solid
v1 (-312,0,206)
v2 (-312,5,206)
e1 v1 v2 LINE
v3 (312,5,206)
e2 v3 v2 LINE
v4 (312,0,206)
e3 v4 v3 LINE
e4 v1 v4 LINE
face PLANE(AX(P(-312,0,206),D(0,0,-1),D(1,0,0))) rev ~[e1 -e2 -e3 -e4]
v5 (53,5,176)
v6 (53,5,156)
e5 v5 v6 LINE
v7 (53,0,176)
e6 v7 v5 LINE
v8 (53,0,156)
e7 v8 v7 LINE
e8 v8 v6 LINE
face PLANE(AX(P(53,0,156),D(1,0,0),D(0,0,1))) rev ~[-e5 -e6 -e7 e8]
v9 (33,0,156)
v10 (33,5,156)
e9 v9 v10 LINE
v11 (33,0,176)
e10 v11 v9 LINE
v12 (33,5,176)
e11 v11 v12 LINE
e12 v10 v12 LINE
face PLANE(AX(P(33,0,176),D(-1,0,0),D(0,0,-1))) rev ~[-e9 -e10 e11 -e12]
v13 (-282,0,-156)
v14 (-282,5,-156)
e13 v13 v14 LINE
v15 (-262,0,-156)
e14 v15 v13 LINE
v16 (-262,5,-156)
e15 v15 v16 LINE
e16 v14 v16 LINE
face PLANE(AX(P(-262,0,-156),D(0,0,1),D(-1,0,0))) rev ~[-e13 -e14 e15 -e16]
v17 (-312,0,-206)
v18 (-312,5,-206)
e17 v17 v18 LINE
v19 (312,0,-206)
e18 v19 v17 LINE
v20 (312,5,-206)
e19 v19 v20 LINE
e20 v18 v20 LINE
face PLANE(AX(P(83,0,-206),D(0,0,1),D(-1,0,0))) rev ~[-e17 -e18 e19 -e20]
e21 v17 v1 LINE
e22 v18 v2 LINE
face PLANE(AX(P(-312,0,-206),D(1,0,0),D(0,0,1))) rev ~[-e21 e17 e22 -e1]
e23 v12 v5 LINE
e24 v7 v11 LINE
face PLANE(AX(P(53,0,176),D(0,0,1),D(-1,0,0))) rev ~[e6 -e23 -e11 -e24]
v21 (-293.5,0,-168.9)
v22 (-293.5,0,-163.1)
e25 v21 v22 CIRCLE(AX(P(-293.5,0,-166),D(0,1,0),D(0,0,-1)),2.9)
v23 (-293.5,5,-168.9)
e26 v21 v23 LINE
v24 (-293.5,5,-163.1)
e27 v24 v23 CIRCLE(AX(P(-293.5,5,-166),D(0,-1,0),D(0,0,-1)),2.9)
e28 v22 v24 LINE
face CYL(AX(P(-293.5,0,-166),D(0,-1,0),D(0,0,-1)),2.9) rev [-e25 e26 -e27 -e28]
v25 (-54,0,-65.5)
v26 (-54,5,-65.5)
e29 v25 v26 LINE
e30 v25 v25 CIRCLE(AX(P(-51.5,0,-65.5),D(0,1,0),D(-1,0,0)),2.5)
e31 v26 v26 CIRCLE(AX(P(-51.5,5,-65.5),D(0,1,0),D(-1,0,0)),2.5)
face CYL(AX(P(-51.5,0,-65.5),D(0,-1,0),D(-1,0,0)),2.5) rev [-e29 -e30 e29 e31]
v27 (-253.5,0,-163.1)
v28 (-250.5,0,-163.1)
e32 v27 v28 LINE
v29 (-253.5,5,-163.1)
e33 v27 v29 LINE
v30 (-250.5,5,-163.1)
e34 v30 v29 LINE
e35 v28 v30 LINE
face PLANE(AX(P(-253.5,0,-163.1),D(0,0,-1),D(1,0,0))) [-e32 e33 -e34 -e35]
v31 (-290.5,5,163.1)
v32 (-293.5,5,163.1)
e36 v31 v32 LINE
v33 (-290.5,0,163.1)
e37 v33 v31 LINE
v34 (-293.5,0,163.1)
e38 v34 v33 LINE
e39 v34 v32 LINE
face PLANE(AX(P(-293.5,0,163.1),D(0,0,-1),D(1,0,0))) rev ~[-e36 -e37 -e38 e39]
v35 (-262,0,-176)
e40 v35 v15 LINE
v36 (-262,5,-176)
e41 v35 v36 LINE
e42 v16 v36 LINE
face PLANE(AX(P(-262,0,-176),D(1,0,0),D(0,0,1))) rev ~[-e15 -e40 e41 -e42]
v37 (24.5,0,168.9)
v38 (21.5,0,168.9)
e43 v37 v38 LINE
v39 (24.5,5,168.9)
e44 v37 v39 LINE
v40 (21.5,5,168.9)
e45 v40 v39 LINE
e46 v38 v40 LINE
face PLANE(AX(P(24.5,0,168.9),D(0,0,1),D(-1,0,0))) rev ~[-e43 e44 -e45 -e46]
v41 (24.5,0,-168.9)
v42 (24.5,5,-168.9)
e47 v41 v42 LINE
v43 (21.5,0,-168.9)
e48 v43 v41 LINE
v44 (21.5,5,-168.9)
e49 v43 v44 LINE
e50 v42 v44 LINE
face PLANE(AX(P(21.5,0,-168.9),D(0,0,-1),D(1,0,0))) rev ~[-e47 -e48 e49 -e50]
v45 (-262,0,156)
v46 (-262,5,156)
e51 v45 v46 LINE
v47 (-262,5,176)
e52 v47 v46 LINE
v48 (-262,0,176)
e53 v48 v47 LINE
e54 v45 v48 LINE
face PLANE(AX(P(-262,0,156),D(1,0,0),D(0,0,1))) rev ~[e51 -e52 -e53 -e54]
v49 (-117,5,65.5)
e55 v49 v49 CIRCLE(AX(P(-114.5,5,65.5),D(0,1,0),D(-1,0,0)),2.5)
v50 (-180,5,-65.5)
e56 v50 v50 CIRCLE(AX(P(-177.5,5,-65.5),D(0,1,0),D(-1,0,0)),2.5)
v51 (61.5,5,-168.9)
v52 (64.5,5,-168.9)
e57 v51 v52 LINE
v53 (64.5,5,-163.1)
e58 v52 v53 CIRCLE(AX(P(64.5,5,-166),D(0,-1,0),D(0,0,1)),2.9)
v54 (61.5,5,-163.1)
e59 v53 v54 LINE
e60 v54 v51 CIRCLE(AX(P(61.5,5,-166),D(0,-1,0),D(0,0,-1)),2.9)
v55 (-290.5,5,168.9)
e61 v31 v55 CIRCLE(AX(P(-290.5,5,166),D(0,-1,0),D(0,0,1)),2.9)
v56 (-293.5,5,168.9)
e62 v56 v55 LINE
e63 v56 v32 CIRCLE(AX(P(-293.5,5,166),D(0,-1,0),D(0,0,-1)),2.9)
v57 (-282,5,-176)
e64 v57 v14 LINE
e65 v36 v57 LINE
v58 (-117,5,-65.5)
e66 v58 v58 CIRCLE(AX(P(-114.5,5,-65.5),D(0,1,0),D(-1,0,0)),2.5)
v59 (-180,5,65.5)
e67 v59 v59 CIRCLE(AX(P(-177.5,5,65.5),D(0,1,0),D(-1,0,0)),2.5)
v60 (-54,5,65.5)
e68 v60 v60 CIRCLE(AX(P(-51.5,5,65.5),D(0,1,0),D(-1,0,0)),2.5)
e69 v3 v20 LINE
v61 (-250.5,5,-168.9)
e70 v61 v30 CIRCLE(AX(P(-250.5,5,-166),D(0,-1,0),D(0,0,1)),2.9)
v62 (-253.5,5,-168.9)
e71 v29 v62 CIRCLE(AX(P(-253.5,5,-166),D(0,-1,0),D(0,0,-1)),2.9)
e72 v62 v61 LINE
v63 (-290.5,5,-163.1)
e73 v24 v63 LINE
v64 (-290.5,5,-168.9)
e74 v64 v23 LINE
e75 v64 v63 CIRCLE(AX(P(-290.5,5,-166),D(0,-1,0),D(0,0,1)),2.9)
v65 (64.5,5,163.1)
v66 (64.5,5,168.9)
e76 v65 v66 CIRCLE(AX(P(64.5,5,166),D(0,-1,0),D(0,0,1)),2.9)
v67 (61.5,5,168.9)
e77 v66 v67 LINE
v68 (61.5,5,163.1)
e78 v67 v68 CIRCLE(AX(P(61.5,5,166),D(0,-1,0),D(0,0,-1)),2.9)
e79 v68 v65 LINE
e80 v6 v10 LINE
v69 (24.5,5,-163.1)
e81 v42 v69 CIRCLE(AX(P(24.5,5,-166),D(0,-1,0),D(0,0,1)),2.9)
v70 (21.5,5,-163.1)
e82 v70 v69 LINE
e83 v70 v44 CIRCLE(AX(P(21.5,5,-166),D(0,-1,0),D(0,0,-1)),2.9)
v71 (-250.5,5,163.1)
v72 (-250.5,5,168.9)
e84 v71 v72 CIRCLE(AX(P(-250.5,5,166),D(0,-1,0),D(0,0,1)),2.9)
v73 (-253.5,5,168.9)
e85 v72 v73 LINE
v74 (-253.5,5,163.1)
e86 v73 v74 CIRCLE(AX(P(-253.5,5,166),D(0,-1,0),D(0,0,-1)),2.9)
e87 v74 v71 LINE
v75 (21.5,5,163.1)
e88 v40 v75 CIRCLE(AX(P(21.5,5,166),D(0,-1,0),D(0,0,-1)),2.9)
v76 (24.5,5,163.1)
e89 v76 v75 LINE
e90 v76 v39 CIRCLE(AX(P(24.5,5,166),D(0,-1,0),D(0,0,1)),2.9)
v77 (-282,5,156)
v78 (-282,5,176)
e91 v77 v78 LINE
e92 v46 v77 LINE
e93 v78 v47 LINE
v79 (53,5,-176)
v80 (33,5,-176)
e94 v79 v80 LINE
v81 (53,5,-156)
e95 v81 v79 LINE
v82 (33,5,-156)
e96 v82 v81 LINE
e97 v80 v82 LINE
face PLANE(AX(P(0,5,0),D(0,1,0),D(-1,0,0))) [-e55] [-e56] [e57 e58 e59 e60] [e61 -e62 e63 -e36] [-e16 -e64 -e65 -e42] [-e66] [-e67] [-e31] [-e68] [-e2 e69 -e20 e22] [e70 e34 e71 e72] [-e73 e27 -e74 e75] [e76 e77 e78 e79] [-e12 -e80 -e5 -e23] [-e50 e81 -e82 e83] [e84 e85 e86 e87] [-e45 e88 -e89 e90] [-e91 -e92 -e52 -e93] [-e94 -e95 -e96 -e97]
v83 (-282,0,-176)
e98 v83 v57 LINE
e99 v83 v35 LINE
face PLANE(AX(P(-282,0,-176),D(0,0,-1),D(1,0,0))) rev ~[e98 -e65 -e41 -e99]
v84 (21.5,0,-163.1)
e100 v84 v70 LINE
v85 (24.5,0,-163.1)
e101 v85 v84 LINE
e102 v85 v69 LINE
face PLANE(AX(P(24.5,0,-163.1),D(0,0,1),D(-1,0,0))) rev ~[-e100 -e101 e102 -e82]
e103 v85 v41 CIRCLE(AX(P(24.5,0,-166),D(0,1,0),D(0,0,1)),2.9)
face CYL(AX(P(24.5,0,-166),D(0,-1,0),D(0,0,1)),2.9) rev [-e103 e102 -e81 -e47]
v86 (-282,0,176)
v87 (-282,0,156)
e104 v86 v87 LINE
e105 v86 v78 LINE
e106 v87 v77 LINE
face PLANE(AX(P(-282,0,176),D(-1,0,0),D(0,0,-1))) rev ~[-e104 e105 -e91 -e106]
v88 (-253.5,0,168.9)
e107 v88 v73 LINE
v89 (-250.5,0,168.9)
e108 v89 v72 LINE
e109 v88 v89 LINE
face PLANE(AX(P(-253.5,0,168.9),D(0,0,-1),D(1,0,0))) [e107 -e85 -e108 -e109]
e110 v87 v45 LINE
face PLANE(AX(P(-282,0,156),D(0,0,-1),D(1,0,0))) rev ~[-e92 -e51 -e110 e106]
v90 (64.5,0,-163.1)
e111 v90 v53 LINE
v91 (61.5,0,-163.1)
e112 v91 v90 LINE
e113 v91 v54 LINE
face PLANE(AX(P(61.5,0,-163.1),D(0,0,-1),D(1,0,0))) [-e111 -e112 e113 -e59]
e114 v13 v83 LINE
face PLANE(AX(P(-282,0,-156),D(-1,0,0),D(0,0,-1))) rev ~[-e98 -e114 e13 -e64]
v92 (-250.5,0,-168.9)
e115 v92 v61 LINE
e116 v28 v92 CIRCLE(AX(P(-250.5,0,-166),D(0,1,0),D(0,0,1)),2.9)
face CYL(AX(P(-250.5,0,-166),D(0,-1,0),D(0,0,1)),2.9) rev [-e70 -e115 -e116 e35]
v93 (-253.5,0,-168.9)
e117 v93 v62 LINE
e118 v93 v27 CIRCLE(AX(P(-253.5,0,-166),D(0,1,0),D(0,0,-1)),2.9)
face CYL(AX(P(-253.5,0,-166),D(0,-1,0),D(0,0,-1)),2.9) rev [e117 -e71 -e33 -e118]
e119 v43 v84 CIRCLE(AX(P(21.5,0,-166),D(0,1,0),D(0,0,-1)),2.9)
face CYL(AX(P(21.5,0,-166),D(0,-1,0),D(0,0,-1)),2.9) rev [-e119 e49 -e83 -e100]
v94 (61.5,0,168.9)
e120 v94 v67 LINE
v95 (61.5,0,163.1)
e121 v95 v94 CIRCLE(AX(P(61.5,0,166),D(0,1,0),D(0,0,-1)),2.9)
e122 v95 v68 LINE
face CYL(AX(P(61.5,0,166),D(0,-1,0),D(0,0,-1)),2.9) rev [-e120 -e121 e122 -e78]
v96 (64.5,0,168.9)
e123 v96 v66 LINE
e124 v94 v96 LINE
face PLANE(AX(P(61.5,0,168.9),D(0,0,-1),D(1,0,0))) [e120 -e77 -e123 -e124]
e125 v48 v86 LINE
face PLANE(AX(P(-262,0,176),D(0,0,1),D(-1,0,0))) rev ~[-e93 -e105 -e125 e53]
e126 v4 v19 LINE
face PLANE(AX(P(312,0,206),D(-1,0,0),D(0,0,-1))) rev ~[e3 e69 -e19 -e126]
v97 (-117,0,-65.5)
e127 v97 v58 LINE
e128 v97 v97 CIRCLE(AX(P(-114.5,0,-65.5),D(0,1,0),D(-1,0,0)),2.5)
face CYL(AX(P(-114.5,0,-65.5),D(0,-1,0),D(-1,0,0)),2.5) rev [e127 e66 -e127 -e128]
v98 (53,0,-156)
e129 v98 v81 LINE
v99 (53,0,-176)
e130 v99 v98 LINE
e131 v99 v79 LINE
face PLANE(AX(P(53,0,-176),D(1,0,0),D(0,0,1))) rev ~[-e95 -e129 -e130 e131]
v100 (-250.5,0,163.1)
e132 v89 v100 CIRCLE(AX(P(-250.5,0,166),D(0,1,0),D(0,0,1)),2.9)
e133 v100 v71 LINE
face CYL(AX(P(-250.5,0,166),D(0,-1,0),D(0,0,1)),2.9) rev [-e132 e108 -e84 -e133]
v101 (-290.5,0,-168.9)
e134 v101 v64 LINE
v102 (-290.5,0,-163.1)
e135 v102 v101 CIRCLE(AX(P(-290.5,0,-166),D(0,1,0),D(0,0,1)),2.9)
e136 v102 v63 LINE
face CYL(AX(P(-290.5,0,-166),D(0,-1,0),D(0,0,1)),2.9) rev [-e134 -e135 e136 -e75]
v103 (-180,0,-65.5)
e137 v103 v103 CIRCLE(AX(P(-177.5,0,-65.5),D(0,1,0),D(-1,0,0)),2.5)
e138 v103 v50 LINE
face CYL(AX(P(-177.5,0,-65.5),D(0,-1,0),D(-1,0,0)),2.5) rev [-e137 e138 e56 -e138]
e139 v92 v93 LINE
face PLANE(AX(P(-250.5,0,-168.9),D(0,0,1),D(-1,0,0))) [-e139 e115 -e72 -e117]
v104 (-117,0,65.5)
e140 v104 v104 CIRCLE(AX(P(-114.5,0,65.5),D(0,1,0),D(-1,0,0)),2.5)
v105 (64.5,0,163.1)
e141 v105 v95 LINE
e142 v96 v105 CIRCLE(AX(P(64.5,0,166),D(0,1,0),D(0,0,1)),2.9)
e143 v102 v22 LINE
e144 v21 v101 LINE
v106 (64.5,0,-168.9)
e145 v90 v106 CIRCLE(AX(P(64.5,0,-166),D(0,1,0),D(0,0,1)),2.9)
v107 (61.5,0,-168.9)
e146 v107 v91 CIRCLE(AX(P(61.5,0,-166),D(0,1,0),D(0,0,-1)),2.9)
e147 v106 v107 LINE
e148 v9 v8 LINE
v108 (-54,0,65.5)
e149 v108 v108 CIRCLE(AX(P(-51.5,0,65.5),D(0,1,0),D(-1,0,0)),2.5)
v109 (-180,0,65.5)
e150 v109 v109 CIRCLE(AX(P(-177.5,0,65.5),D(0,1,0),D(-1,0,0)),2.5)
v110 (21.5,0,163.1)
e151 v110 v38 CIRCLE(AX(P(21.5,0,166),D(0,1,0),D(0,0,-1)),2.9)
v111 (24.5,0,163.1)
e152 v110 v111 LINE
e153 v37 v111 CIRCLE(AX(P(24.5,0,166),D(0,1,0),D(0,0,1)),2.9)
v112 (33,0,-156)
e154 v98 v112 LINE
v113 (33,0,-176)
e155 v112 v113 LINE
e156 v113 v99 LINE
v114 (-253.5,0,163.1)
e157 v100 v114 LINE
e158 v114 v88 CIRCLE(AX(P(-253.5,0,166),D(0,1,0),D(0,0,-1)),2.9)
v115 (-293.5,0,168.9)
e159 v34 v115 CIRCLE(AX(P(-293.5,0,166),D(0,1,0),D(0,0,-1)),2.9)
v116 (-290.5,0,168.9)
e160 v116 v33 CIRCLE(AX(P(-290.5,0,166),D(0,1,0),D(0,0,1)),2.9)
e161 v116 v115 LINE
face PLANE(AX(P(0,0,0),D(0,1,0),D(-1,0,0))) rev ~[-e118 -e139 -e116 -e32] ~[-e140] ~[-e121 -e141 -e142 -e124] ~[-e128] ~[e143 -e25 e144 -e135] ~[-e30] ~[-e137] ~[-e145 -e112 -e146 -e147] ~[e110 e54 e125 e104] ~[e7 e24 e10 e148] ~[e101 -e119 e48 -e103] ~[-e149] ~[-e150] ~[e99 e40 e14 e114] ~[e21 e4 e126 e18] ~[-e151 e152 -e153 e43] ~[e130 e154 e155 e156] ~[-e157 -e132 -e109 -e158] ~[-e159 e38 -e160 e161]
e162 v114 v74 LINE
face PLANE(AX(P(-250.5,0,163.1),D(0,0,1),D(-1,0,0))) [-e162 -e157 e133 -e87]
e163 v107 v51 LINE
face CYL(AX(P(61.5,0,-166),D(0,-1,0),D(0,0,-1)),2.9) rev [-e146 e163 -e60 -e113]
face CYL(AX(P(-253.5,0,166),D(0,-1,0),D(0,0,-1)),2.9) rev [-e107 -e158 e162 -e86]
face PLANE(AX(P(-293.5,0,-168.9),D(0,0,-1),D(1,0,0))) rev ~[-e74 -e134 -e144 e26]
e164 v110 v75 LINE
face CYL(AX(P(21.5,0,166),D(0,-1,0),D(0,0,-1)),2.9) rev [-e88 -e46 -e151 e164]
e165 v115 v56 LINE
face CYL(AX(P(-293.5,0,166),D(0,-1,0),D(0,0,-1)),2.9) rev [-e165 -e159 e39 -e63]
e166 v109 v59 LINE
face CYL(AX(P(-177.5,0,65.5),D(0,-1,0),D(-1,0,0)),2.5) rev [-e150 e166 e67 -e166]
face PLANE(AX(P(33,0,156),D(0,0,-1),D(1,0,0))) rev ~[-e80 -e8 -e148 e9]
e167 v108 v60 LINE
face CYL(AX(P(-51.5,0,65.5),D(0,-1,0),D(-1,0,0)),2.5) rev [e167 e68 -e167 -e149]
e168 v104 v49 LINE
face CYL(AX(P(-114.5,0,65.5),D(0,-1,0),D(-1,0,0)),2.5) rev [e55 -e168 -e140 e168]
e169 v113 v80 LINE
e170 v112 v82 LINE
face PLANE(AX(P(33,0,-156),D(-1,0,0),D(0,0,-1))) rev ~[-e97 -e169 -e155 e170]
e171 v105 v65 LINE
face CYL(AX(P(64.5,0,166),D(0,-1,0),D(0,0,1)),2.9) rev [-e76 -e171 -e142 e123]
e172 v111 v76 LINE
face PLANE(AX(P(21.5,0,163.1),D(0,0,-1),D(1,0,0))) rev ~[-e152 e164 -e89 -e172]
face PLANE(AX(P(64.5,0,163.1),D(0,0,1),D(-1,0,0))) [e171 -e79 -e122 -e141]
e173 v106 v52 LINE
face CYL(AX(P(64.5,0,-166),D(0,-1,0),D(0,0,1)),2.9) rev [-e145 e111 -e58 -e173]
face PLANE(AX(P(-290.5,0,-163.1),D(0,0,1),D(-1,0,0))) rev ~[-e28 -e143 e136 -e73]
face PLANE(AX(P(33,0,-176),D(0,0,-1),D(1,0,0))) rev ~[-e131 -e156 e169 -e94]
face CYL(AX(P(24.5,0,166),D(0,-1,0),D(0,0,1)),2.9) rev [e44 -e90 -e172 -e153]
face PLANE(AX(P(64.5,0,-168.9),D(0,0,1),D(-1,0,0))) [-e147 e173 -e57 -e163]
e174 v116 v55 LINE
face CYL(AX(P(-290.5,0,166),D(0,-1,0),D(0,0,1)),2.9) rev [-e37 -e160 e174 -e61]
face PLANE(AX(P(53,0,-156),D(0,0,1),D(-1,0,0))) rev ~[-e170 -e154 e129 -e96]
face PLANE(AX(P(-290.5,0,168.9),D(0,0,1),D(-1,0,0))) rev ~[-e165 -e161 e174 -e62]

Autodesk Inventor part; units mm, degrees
ref_plane "YZ Plane" through (0, 0, 0) normal (1, 0, 0) x (0, 1, 0)
ref_plane "XZ Plane" through (0, 0, 0) normal (0, 1, 0) x (-1, 0, 0)
ref_plane "XY Plane" through (0, 0, 0) normal (0, 0, 1) x (1, 0, 0)
sketch "Sketch1" plane through (0, 0, 0) normal (0, 1, 0) x (-1, 0, 0)
  line L0 (312, 206) -> (-312, 206)
  line L1 (-312, 206) -> (-312, -206)
  line L2 (-312, -206) -> (312, -206)
  line L3 (312, -206) -> (312, 206)
  circle A0 centre (177.5, 65.5) radius 2.5
  line L4 (0, 206) -> (0, -206) construction
  line L5 (312, 0) -> (-312, 0) construction
  circle A1 centre (177.5, -65.5) radius 2.5
  circle A2 centre (114.5, 65.5) radius 2.5
  circle A3 centre (114.5, -65.5) radius 2.5
  circle A4 centre (51.5, 65.5) radius 2.5
  circle A5 centre (51.5, -65.5) radius 2.5
  line L6 (282, -176) -> (262, -176)
  line L7 (262, -176) -> (262, -156)
  line L8 (262, -156) -> (282, -156)
  line L9 (282, -156) -> (282, -176)
  line L10 (-83, -206) -> (-83, 206)
  line L11 (253.5, -166) -> (250.5, -166) construction
  line L12 (253.5, -163.1) -> (250.5, -163.1)
  line L13 (250.5, -168.9) -> (253.5, -168.9)
  arc A6 (253.5, -168.9) -> (253.5, -163.1) centre (253.5, -166) ccw
  arc A7 (250.5, -163.1) -> (250.5, -168.9) centre (250.5, -166) ccw
  line L14 (272, -176) -> (272, -156) construction
  line L15 (290.5, -166) -> (293.5, -166) construction
  line L16 (290.5, -163.1) -> (293.5, -163.1)
  line L17 (293.5, -168.9) -> (290.5, -168.9)
  arc A8 (290.5, -163.1) -> (290.5, -168.9) centre (290.5, -166) ccw
  arc A9 (293.5, -168.9) -> (293.5, -163.1) centre (293.5, -166) ccw
  line L18 (282, -166) -> (262, -166) construction
  line L19 (114.5, 206) -> (114.5, -206) construction
  arc A10 (250.5, 168.9) -> (250.5, 163.1) centre (250.5, 166) ccw
  line L20 (282, 176) -> (282, 156)
  arc A11 (290.5, 168.9) -> (290.5, 163.1) centre (290.5, 166) ccw
  line L21 (290.5, 166) -> (293.5, 166) construction
  line L22 (293.5, 163.1) -> (290.5, 163.1)
  arc A12 (293.5, 163.1) -> (293.5, 168.9) centre (293.5, 166) ccw
  line L23 (290.5, 168.9) -> (293.5, 168.9)
  line L24 (282, 156) -> (262, 156)
  line L25 (272, 156) -> (272, 176) construction
  line L26 (282, 166) -> (262, 166) construction
  line L27 (262, 176) -> (282, 176)
  line L28 (262, 156) -> (262, 176)
  arc A13 (253.5, 163.1) -> (253.5, 168.9) centre (253.5, 166) ccw
  line L29 (253.5, 168.9) -> (250.5, 168.9)
  line L30 (253.5, 166) -> (250.5, 166) construction
  line L31 (250.5, 163.1) -> (253.5, 163.1)
  arc A14 (-64.5, -163.1) -> (-64.5, -168.9) centre (-64.5, -166) ccw
  line L32 (-33, -156) -> (-33, -176)
  arc A15 (-24.5, -163.1) -> (-24.5, -168.9) centre (-24.5, -166) ccw
  line L33 (-24.5, -166) -> (-21.5, -166) construction
  line L34 (-21.5, -168.9) -> (-24.5, -168.9)
  arc A16 (-21.5, -168.9) -> (-21.5, -163.1) centre (-21.5, -166) ccw
  line L35 (-24.5, -163.1) -> (-21.5, -163.1)
  line L36 (-33, -176) -> (-53, -176)
  line L37 (-43, -176) -> (-43, -156) construction
  line L38 (-33, -166) -> (-53, -166) construction
  line L39 (-53, -156) -> (-33, -156)
  line L40 (-53, -176) -> (-53, -156)
  arc A17 (-61.5, -168.9) -> (-61.5, -163.1) centre (-61.5, -166) ccw
  line L41 (-61.5, -163.1) -> (-64.5, -163.1)
  line L42 (-61.5, -166) -> (-64.5, -166) construction
  line L43 (-64.5, -168.9) -> (-61.5, -168.9)
  arc A18 (-64.5, 168.9) -> (-64.5, 163.1) centre (-64.5, 166) ccw
  line L44 (-33, 176) -> (-33, 156)
  arc A19 (-24.5, 168.9) -> (-24.5, 163.1) centre (-24.5, 166) ccw
  line L45 (-24.5, 166) -> (-21.5, 166) construction
  line L46 (-21.5, 163.1) -> (-24.5, 163.1)
  arc A20 (-21.5, 163.1) -> (-21.5, 168.9) centre (-21.5, 166) ccw
  line L47 (-24.5, 168.9) -> (-21.5, 168.9)
  line L48 (-33, 156) -> (-53, 156)
  line L49 (-43, 156) -> (-43, 176) construction
  line L50 (-33, 166) -> (-53, 166) construction
  line L51 (-53, 176) -> (-33, 176)
  line L52 (-53, 156) -> (-53, 176)
  arc A21 (-61.5, 163.1) -> (-61.5, 168.9) centre (-61.5, 166) ccw
  line L53 (-61.5, 168.9) -> (-64.5, 168.9)
  line L54 (-61.5, 166) -> (-64.5, 166) construction
  line L55 (-64.5, 163.1) -> (-61.5, 163.1)
  point P0 (0, 0)
  point P1 (-83, 0)
  point P2 (252, -166)
  point P3 (292, -166)
  point P4 (272, -166)
  point P5 (114.5, 0)
  point P6 (292, 166)
  point P7 (272, 166)
  point P8 (252, 166)
  point P9 (-23, -166)
  point P10 (-43, -166)
  point P11 (-63, -166)
  point P12 (-23, 166)
  point P13 (-43, 166)
  point P14 (-63, 166)
  dimension "d0" = 412
  dimension "d1" = 624
  dimension "d3" = 5
  dimension "d6" = 131
  dimension "d9" = 63
  dimension "d15" = 20
  dimension "d16" = 20
  dimension "d17" = 30
  dimension "d18" = 30
  dimension "d26" = 1.5
  dimension "d27" = 5.8
  dimension "d28" = 8.5
  dimension "d51" = 395
  dimension "d52" = 197.5
  dimension "d63" = 332
  dimension "d66" = 315
extrude "Extrusion1" add sketch "Sketch1" along normal blind 5 contours L3 L2 L10 L0 | L10 L2 L1 L0 | L6 L7 L8 L9 | A6 L13 A7 L12 | L16 A9 L17 A8 | L29 A13 L31 A10 | L20 L24 L28 L27 | L23 A12 L22 A11 | L41 A17 L43 A14 | L32 L36 L40 L39 | L35 A16 L34 A15 | L53 A21 L55 A18 | L44 L48 L52 L51 | L47 A20 L46 A19
extrude "Extrusion2" cut sketch "Sketch1" along normal through all contours L6 L7 L8 L9 | A6 L13 A7 L12 | L16 A9 L17 A8 | L29 A13 L31 A10 | L20 L24 L28 L27 | L23 A12 L22 A11 | L41 A17 L43 A14 | L32 L36 L40 L39 | L35 A16 L34 A15 | L53 A21 L55 A18 | L44 L48 L52 L51 | L47 A20 L46 A19
equation "\"d0\" = BaseTotalWidth"
equation "\"d1\" = BaseTotalLength"
equation "\"d6\" = 2 * GridTotalSize + DistanceBetweenGrid"
equation "\"d9\" = GridTotalSize"
equation "\"d15\" = AluminiumExtrusionBase"
equation "\"d16\" = AluminiumExtrusionBase"
equation "\"d17\" = AluminiumExtrusionClearance"
equation "\"d18\" = AluminiumExtrusionClearance"
equation "\"d51\" = WorkspaceLength"
equation "\"d52\" = 0.5 * WorkspaceLength"
equation "\"d63\" = WorkspaceWidth"
equation "\"d66\" = -2 * AluminiumExtrusionClearance + WorkspaceLength - AluminiumExtrusionBase"
equation "\"GridBorderThickness\" = 5"
equation "\"GridBorderFillets\" = 7"
equation "\"GridTotalSize\" = 63"
equation "\"GridProcutClearance\" = 3"
equation "\"AluminiumExtrusionBase\" = 20"
equation "\"AluminiumExtrusionClearance\" = 30"
equation "\"BaseTotalWidth\" = 412"
equation "\"BaseTotalLength\" = 624"
equation "\"DistanceBetweenGrid\" = 5"
equation "\"WorkspaceLength\" = 395"
equation "\"WorkspaceWidth\" = 332"
equation "\"AxesBaseFillet\" = 15"
equation "\"Zaxis\" = 127"
properties part number "UpperBase" material "MDF Medium Density Fiberboard"
